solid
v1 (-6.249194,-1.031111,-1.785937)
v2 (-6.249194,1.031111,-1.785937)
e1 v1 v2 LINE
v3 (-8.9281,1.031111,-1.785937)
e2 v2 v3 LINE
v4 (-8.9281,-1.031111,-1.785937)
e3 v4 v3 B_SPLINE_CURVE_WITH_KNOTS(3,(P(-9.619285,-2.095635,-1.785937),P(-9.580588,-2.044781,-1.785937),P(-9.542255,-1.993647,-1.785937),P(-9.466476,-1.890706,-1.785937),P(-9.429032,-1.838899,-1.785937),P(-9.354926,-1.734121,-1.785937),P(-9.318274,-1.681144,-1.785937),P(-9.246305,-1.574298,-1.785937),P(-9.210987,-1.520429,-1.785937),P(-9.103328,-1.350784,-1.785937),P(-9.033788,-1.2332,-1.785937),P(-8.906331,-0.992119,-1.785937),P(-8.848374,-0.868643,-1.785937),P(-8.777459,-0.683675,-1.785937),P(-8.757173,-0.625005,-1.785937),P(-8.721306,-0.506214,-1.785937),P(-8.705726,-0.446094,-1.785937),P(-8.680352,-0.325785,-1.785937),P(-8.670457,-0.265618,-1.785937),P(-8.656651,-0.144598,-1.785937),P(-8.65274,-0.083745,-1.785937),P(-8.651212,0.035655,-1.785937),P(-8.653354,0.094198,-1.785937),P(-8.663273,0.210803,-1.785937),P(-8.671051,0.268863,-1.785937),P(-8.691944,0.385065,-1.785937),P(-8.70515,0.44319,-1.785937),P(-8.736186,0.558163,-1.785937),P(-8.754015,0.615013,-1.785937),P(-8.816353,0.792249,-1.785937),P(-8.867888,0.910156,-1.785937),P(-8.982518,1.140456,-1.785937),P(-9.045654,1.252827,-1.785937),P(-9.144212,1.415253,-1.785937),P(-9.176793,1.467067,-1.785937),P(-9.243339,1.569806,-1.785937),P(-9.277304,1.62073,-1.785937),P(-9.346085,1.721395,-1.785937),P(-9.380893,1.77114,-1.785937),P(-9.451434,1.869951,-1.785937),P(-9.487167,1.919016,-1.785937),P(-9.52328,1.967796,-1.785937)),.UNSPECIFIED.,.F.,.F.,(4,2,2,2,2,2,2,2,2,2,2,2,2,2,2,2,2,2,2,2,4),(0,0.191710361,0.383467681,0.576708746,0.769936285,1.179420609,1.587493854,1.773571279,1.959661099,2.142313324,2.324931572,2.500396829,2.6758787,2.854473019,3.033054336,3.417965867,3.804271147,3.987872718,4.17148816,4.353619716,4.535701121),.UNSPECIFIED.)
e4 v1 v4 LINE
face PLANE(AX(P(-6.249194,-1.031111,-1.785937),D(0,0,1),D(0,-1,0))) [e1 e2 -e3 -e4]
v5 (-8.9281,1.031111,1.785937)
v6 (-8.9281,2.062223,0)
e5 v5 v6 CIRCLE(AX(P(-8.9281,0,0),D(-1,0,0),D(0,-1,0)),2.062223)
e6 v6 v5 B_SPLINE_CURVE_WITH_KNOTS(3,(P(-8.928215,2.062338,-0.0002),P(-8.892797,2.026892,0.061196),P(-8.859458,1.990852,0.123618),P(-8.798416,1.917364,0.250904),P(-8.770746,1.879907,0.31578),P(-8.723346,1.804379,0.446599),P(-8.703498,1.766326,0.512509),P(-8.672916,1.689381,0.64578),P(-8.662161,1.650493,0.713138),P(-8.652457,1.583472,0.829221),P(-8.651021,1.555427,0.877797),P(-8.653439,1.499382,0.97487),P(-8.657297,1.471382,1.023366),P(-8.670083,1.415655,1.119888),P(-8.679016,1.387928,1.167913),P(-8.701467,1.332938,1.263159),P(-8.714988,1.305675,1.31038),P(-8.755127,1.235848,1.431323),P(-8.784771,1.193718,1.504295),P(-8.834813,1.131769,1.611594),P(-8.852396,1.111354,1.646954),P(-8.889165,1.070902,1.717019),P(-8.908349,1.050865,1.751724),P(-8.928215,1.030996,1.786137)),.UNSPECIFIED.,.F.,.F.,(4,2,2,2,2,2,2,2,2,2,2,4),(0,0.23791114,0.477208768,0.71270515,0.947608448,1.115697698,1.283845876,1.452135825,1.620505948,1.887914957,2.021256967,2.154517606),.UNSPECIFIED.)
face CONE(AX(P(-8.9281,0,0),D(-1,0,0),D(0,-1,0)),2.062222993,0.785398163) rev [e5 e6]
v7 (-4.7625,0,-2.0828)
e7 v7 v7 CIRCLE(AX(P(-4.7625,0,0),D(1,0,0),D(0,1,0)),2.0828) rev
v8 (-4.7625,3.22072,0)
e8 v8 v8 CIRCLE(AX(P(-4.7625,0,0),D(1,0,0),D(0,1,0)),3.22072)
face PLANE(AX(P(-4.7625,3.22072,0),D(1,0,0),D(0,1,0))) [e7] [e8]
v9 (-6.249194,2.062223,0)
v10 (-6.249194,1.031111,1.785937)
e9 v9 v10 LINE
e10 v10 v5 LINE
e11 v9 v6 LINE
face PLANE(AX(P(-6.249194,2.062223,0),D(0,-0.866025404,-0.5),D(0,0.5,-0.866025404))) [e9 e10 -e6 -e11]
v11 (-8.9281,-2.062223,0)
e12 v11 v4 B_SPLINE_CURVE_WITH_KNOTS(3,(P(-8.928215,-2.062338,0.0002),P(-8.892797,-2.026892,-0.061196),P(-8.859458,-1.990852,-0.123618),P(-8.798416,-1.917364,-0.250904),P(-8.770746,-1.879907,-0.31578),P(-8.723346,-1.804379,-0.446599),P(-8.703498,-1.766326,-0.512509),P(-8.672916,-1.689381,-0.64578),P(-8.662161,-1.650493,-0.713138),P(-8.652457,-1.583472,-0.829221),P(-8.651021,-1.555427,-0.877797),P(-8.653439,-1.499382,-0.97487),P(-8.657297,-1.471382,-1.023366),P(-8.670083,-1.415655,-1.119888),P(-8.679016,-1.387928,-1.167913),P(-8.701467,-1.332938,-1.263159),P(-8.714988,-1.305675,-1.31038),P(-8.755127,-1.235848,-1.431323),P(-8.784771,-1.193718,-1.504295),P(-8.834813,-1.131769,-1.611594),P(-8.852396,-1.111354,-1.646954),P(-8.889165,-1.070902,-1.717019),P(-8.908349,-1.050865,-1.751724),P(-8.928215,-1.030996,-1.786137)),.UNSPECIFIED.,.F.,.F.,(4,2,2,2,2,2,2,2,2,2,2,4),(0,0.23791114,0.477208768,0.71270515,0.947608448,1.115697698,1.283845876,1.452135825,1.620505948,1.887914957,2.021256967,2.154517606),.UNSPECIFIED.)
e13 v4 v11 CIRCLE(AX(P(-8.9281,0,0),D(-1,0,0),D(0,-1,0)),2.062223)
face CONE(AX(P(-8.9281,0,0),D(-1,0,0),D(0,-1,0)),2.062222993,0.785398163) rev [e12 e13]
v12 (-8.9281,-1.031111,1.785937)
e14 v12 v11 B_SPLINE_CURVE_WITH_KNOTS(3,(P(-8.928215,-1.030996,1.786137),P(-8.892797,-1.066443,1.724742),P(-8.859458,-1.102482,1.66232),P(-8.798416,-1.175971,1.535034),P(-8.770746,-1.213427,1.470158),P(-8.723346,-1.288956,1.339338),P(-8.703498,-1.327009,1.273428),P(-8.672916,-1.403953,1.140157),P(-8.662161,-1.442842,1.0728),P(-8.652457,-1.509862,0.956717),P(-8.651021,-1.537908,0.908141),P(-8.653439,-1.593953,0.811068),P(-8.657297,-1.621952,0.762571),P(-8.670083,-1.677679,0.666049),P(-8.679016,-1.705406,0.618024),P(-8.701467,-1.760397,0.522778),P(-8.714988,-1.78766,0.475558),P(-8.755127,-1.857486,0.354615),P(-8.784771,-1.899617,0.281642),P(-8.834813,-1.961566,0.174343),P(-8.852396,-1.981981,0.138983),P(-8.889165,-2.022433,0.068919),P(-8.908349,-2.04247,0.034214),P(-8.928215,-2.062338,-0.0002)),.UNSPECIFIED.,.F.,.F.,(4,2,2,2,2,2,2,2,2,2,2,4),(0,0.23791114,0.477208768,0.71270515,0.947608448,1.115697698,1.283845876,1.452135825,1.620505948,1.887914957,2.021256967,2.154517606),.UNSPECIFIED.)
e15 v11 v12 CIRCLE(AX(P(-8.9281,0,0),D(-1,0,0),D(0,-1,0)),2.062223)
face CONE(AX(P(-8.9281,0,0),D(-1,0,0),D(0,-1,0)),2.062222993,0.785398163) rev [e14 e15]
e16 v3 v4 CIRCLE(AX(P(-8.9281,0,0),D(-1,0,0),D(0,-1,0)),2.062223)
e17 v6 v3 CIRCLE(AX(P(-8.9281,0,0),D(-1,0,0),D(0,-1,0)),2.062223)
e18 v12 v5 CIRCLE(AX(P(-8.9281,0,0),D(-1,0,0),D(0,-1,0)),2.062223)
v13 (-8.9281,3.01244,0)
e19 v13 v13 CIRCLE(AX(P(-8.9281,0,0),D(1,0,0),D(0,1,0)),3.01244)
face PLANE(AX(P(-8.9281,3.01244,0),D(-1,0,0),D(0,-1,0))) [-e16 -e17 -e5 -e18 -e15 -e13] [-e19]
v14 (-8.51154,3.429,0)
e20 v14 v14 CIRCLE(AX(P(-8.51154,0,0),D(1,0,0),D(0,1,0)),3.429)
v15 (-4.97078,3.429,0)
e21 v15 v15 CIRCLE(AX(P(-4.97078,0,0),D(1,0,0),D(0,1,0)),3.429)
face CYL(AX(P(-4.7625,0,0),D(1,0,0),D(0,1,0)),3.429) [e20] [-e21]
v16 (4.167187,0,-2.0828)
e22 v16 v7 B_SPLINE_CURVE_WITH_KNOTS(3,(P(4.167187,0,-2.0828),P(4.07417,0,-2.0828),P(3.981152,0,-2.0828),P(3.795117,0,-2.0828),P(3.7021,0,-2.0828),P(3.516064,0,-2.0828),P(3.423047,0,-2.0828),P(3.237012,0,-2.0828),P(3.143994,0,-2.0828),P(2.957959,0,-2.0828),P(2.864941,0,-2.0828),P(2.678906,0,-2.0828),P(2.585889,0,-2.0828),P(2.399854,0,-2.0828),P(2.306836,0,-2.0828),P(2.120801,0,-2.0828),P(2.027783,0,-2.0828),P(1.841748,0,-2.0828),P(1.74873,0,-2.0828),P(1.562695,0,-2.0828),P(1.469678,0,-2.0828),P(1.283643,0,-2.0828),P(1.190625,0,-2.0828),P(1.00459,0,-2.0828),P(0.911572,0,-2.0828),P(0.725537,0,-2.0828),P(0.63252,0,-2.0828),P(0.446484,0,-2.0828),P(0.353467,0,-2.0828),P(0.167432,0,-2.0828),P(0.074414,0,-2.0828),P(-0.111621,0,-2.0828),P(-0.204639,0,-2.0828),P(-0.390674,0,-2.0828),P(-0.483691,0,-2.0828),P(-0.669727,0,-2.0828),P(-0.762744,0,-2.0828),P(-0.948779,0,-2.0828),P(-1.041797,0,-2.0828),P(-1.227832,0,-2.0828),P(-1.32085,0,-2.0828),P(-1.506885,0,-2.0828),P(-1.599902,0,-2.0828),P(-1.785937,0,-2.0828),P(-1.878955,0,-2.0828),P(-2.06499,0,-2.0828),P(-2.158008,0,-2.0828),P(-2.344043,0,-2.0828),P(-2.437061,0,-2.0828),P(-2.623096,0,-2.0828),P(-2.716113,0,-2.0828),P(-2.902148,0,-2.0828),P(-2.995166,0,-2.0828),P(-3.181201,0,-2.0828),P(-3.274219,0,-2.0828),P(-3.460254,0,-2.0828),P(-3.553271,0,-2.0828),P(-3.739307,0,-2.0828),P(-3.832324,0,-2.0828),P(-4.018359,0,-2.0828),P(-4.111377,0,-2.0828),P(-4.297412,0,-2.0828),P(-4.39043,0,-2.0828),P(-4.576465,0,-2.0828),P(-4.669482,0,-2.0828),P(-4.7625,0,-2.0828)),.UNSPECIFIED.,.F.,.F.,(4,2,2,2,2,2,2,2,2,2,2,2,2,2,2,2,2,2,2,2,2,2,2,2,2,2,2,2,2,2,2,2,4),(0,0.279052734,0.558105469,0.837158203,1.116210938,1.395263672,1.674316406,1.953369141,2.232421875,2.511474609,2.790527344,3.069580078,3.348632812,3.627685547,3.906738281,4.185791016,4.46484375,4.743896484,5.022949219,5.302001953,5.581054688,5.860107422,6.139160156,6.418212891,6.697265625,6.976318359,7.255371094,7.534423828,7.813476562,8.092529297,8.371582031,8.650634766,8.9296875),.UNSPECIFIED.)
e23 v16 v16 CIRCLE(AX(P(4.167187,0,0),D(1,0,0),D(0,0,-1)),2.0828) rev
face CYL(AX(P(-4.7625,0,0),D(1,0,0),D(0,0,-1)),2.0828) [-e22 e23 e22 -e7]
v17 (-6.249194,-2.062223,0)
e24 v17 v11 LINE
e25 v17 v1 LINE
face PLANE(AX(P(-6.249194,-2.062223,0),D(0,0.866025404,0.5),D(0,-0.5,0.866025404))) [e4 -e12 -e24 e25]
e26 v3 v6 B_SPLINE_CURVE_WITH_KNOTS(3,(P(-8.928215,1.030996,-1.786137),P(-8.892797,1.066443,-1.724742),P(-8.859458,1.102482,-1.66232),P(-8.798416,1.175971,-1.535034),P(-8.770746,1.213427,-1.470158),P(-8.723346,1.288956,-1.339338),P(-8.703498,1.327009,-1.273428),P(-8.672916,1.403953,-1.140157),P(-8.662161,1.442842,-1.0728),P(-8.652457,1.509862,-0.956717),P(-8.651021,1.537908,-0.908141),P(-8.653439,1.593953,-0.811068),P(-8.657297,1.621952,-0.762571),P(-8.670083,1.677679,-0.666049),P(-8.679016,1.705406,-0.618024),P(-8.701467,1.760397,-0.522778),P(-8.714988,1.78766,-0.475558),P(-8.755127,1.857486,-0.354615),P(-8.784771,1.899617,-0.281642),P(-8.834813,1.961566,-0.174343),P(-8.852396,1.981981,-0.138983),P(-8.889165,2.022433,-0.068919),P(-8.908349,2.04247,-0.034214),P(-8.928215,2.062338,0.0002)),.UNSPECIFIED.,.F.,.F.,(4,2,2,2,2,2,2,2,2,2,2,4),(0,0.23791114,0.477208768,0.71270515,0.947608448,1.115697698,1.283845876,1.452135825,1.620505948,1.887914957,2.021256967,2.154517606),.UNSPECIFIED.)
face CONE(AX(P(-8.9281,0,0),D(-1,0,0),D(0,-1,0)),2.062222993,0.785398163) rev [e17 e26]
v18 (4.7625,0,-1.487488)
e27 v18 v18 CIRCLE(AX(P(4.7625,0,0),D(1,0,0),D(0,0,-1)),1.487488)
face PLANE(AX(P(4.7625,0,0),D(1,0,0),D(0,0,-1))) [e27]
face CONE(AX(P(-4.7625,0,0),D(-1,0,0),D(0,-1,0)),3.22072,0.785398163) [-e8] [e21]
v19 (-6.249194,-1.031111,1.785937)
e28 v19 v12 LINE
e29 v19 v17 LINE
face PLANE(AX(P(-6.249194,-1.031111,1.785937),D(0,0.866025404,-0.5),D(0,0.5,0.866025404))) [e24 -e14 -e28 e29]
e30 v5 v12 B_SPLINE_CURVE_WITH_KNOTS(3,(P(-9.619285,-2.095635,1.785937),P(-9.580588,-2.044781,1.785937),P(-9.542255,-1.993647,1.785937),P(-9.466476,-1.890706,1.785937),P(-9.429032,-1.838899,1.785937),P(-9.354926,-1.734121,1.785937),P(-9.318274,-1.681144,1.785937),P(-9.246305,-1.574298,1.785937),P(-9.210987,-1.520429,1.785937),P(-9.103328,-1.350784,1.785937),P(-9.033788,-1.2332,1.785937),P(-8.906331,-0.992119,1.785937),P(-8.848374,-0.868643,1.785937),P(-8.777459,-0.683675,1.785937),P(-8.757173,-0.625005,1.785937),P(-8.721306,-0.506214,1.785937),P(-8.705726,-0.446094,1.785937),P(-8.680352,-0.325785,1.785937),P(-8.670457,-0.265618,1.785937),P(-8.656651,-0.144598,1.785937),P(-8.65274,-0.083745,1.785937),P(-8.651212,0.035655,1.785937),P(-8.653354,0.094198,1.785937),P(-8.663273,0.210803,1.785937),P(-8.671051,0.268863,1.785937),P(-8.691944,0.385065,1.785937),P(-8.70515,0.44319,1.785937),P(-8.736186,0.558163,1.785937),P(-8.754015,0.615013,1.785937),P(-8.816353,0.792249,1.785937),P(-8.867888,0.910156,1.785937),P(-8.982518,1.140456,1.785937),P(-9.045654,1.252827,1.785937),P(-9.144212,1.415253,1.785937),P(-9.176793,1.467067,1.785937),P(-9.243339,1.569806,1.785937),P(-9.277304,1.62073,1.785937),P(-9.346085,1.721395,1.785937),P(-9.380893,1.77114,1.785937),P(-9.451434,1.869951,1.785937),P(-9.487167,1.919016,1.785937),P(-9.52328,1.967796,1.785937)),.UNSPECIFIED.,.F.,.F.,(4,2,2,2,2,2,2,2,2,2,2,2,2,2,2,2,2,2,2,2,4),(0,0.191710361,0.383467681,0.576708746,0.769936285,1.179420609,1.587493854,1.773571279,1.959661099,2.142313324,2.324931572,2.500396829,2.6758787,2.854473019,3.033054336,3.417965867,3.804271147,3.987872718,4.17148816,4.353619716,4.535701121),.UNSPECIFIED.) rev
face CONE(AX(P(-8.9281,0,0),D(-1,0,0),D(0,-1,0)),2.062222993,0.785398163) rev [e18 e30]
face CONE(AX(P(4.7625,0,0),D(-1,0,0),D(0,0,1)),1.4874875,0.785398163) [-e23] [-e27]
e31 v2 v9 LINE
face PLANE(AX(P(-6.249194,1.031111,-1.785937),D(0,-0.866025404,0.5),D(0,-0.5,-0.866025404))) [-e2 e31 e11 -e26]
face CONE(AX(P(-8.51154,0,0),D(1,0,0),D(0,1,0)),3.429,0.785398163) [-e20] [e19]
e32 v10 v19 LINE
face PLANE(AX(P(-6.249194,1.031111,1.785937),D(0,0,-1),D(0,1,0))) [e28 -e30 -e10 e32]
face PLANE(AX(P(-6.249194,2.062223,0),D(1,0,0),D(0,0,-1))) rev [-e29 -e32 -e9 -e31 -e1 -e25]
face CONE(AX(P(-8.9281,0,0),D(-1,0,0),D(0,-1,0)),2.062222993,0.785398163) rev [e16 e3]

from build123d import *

# Parameters (mm, degrees)
SKETCH2_R           = 2.0828
BOSS_EXTRUDE1_DEPTH = 9.525
CHAMFER1_SIZE       = 0.5953125
CUT_EXTRUDE1_DEPTH  = 2.678906
SKETCH8_R           = 2.062222993
CUT_EXTRUDE2_DEPTH  = 0.83312
CUT_EXTRUDE2_DRAFT  = -45


with BuildPart() as part:
    # Sketch2 → Boss-Extrude1 (new body)
    with BuildSketch(Plane(origin=(4.7625, 0, 0), x_dir=(0, 0, -1), z_dir=(1, 0, 0))):
        Circle(SKETCH2_R)
    extrude(amount=-BOSS_EXTRUDE1_DEPTH)

    # Chamfer1
    chamfer1_edges = [part.edges().sort_by_distance(p)[0] for p in [
        (4.7625, 0, 2.0828),
    ]]
    chamfer(chamfer1_edges, length=CHAMFER1_SIZE)

    # Sketch6 → Revolve1 (revolve)
    with BuildSketch(Plane.XY):
        Polygon((-8.51154, 3.429), (-8.9281, 3.01244), (-8.9281, 0), (-4.7625, 0), (-4.7625, 3.22072), (-4.97078, 3.429), align=None)
    revolve(axis=Axis((-4.7625, 0, 0), (-1, 0, 0)))

    # Sketch4 → Cut-Extrude1 (cut)
    with BuildSketch(Plane(origin=(-8.9281, 0, 0), x_dir=(0, 0, -1), z_dir=(1, 0, 0))):
        Polygon((0, 2.062222993), (-1.7859375, 1.031111496), (-1.7859375, -1.031111496), (0, -2.062222993), (1.7859375, -1.031111496), (1.7859375, 1.031111496), align=None)
    extrude(amount=CUT_EXTRUDE1_DEPTH, mode=Mode.SUBTRACT)


with BuildPart() as cut_extrude2_tool:
    # Sketch8 → Cut-Extrude2 (with draft: the straight prism first)
    with BuildSketch(Plane.ZY.offset(8.9281)):
        Circle(SKETCH8_R)
    extrude(amount=-CUT_EXTRUDE2_DEPTH)
    # Cut-Extrude2: the draft: its side faces are tilted about the plane it starts from
    cut_extrude2_sides = [cut_extrude2_tool.faces().sort_by_distance(p)[0] for p in [
        (-8.51154, 0, -2.062222993),
    ]]
    draft(cut_extrude2_sides, Plane.ZY.offset(8.9281), CUT_EXTRUDE2_DRAFT)


with BuildPart() as part_1:
    add(part.part)

    # Cut-Extrude2: cut by cut_extrude2_tool
    add(cut_extrude2_tool.part, mode=Mode.SUBTRACT)


solid = part_1.part
